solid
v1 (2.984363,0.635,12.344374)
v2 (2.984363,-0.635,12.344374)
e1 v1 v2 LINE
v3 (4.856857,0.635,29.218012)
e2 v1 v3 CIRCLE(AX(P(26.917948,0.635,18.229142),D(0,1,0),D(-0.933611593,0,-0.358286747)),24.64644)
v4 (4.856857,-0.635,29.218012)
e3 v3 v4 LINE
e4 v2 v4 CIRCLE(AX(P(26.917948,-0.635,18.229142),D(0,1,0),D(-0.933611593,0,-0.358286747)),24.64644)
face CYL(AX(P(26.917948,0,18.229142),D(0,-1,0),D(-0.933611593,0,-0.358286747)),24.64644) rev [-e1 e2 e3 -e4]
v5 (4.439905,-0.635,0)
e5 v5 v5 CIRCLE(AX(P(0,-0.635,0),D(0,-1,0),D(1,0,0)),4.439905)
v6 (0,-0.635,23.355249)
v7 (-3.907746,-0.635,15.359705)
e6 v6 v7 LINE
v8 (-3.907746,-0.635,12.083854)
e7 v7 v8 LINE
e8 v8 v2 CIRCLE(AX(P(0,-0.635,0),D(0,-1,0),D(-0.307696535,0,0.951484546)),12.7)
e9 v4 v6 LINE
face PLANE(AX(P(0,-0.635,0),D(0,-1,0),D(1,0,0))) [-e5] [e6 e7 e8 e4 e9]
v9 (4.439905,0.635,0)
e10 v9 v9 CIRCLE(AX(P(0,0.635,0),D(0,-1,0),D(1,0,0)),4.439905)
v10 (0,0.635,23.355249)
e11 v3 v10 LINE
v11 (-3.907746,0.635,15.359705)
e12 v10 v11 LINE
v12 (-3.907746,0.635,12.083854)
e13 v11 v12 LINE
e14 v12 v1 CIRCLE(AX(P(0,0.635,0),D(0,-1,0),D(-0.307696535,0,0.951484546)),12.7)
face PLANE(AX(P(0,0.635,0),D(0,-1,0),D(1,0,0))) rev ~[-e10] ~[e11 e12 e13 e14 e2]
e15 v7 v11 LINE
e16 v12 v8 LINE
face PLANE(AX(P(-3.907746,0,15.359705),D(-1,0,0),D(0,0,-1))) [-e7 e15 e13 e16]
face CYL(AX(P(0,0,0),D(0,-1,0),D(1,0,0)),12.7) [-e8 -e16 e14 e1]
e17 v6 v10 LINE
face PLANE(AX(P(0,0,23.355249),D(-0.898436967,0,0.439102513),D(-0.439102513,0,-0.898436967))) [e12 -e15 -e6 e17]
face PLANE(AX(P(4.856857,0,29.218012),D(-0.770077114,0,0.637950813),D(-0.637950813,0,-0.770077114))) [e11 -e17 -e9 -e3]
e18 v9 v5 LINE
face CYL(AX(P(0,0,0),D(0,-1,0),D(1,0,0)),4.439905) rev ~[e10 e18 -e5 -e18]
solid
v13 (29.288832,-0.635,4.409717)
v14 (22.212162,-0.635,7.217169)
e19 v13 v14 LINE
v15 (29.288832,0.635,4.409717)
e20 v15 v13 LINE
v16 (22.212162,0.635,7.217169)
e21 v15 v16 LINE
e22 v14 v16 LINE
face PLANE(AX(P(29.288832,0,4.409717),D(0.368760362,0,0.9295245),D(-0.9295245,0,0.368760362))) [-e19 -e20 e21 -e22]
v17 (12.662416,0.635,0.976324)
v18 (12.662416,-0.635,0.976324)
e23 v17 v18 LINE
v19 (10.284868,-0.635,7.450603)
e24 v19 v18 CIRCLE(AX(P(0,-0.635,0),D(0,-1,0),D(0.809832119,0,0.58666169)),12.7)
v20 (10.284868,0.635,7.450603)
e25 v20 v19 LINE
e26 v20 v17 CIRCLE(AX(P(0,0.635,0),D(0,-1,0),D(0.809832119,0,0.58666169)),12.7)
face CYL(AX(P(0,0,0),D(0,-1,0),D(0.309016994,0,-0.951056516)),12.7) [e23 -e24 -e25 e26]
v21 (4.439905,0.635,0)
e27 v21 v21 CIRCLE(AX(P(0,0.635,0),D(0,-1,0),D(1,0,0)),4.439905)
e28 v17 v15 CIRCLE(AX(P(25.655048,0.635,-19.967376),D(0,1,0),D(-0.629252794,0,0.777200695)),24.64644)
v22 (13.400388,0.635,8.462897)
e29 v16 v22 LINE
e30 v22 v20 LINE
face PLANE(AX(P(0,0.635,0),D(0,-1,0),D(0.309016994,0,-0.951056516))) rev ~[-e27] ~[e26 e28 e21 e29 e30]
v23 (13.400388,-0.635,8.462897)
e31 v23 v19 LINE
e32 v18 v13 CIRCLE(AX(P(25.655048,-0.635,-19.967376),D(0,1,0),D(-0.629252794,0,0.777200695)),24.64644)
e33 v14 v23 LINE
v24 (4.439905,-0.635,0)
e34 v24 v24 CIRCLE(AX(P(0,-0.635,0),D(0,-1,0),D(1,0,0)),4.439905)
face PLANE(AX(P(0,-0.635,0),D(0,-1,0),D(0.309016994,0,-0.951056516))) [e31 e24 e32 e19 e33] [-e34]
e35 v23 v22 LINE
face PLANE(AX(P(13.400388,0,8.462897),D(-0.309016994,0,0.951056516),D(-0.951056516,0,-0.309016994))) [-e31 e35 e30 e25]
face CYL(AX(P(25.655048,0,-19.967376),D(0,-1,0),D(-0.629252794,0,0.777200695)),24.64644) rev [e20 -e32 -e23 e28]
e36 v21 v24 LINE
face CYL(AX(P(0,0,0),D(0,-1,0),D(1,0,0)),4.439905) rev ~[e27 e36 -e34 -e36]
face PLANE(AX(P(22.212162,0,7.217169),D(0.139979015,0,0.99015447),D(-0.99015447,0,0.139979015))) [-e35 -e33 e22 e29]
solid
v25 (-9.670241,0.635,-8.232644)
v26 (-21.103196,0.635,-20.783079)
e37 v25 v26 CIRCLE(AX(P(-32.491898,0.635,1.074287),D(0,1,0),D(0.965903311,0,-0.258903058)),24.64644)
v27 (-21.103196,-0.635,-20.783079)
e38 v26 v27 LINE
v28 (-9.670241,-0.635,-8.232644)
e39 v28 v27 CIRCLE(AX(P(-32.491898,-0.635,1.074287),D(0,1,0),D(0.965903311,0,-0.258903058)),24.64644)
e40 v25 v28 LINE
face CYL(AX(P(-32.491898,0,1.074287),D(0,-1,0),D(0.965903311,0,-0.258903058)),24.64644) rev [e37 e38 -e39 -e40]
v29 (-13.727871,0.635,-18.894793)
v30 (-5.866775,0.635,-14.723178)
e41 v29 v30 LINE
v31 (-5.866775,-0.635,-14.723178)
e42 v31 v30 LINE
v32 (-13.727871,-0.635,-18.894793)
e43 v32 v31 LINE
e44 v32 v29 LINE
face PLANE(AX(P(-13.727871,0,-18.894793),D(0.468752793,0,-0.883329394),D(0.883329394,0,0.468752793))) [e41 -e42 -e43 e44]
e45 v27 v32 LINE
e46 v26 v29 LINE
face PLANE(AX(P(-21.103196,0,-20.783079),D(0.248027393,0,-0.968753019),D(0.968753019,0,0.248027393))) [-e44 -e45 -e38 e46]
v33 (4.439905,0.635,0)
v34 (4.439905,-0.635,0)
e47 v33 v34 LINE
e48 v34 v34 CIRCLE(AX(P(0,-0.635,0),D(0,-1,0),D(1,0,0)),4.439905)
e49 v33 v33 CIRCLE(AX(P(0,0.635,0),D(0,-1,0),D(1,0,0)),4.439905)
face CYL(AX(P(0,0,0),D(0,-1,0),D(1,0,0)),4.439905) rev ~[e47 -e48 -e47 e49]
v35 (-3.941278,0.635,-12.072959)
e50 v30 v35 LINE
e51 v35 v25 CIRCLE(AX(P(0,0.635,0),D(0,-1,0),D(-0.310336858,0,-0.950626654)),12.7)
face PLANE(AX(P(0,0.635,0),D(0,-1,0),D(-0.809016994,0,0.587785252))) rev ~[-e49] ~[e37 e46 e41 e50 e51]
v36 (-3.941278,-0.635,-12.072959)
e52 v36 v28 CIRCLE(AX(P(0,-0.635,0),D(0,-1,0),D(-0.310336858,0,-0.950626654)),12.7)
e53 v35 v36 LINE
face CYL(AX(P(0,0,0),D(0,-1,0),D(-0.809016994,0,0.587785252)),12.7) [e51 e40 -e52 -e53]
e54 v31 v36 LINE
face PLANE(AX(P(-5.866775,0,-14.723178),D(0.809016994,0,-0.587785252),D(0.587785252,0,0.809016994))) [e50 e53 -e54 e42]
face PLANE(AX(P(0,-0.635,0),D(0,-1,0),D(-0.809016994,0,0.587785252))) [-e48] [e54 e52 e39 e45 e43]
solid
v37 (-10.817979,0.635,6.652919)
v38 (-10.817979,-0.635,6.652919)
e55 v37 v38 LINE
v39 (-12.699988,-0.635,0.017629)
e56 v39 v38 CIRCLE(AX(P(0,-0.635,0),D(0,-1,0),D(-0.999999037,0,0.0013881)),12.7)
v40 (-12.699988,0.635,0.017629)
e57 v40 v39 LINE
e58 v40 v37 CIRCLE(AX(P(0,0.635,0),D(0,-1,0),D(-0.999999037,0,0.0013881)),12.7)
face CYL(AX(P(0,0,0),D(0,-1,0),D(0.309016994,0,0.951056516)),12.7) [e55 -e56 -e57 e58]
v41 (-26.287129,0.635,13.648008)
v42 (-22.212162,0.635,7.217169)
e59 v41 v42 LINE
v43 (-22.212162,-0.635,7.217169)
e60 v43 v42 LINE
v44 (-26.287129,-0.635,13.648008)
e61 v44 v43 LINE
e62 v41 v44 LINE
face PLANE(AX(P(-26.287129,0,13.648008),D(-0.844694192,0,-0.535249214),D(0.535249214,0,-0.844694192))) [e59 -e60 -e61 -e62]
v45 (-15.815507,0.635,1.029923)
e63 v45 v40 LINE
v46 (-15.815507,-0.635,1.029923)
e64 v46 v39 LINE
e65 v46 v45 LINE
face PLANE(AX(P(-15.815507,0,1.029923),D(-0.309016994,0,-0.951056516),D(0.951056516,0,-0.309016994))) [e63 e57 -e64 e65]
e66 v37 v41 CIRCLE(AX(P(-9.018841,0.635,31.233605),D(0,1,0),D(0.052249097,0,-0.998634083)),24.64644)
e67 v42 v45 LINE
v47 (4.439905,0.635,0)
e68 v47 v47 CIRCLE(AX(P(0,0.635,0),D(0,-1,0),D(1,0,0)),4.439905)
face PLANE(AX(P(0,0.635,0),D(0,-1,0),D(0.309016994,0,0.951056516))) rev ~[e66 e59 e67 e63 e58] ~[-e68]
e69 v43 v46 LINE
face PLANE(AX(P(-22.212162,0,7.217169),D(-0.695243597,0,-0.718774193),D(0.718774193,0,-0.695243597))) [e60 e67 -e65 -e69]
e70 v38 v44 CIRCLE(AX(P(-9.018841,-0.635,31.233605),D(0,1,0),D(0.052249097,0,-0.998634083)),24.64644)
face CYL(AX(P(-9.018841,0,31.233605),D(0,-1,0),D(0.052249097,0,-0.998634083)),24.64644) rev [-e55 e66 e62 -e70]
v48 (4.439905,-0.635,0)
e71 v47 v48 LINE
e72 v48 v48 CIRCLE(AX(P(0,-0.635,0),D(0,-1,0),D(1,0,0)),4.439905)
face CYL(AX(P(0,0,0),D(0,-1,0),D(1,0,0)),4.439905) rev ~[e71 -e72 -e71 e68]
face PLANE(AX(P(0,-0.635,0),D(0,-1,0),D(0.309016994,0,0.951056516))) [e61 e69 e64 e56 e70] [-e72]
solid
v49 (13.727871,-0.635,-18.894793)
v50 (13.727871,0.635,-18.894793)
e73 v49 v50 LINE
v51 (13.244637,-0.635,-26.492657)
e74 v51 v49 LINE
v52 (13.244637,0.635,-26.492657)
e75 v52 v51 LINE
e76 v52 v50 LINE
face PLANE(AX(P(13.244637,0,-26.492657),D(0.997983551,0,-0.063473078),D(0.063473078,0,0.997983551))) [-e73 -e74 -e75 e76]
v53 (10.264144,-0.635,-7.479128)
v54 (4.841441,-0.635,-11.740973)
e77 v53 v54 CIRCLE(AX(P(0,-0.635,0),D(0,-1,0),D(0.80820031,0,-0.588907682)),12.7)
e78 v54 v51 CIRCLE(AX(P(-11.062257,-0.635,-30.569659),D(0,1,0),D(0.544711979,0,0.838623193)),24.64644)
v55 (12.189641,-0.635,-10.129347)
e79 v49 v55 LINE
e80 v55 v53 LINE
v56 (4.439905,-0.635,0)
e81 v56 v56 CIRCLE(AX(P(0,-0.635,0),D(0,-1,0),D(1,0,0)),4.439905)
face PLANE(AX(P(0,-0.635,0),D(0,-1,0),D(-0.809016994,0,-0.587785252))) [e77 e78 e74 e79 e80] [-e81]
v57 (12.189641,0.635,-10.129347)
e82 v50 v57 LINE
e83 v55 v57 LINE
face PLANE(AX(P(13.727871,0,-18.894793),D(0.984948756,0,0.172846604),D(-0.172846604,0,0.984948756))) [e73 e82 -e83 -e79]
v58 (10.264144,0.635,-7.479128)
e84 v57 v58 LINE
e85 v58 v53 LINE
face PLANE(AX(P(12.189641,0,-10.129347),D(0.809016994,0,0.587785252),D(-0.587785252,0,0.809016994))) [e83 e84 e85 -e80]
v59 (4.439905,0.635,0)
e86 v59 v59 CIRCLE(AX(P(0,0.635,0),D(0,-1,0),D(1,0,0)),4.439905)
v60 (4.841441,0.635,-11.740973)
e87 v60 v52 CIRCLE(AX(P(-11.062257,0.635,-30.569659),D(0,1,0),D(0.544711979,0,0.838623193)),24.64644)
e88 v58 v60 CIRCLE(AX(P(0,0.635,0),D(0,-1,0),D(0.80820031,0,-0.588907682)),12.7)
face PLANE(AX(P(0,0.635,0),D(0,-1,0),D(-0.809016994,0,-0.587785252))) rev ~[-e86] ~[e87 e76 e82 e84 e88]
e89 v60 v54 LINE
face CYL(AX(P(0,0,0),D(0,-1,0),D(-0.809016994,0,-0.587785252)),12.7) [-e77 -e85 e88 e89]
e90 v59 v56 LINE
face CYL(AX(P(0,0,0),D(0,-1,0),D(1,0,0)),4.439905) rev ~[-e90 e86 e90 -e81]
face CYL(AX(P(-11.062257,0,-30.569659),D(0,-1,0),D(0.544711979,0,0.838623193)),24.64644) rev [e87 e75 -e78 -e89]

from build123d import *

# Parameters (mm, degrees)
F0_R     = 12.7
F1_DEPTH = 0.635
F3_DEPTH = 0.635
F4_COUNT = 5
F5_R     = 4.439905
F6_DEPTH = 0.635


with BuildPart() as f1:
    # F0 (on Front) → F1 (new body, symmetric)
    with BuildSketch(Plane.XZ):
        Circle(F0_R)
    extrude(amount=F1_DEPTH, both=True)

    # F2 (on Front) → F3 (join, symmetric)
    with BuildSketch(Plane.XZ):
        with BuildLine():
            Line((-3.907746, 9.398649), (3.907746, 9.398649))
            ThreePointArc((3.907746, 9.398649), (2.29972, 19.408061), (4.856857, 29.218012))
            Line((4.856857, 29.218012), (0, 23.355249))
            Line((0, 23.355249), (-3.907746, 15.359705))
            Line((-3.907746, 15.359705), (-3.907746, 9.398649))
        make_face()
    extrude(amount=F3_DEPTH, both=True)


with BuildPart() as f4_1:
    # F4: instance of F1
    add(f1.part.rotate(Axis((0, -0.635, 0), (0, 1, 0)), 1 * 360 / F4_COUNT))


with BuildPart() as f4_2:
    # F4: instance of F1
    add(f1.part.rotate(Axis((0, -0.635, 0), (0, 1, 0)), 2 * 360 / F4_COUNT))


with BuildPart() as f4_3:
    # F4: instance of F1
    add(f1.part.rotate(Axis((0, -0.635, 0), (0, 1, 0)), 3 * 360 / F4_COUNT))


with BuildPart() as f4_4:
    # F4: instance of F1
    add(f1.part.rotate(Axis((0, -0.635, 0), (0, 1, 0)), 4 * 360 / F4_COUNT))


with BuildPart() as f6_tool:
    # F5 (on Front) → F6 (new body, symmetric)
    with BuildSketch(Plane.XZ):
        Circle(F5_R)
    extrude(amount=F6_DEPTH, both=True)


with BuildPart() as f1_1:
    add(f1.part)

    # F6: cut by f6_tool
    add(f6_tool.part, mode=Mode.SUBTRACT)


with BuildPart() as f4_1_1:
    add(f4_1.part)

    # F6: cut by f6_tool
    add(f6_tool.part, mode=Mode.SUBTRACT)


with BuildPart() as f4_2_1:
    add(f4_2.part)

    # F6: cut by f6_tool
    add(f6_tool.part, mode=Mode.SUBTRACT)


with BuildPart() as f4_3_1:
    add(f4_3.part)

    # F6: cut by f6_tool
    add(f6_tool.part, mode=Mode.SUBTRACT)


with BuildPart() as f4_4_1:
    add(f4_4.part)

    # F6: cut by f6_tool
    add(f6_tool.part, mode=Mode.SUBTRACT)


solid = Compound([f1_1.part, f4_1_1.part, f4_2_1.part, f4_3_1.part, f4_4_1.part])
